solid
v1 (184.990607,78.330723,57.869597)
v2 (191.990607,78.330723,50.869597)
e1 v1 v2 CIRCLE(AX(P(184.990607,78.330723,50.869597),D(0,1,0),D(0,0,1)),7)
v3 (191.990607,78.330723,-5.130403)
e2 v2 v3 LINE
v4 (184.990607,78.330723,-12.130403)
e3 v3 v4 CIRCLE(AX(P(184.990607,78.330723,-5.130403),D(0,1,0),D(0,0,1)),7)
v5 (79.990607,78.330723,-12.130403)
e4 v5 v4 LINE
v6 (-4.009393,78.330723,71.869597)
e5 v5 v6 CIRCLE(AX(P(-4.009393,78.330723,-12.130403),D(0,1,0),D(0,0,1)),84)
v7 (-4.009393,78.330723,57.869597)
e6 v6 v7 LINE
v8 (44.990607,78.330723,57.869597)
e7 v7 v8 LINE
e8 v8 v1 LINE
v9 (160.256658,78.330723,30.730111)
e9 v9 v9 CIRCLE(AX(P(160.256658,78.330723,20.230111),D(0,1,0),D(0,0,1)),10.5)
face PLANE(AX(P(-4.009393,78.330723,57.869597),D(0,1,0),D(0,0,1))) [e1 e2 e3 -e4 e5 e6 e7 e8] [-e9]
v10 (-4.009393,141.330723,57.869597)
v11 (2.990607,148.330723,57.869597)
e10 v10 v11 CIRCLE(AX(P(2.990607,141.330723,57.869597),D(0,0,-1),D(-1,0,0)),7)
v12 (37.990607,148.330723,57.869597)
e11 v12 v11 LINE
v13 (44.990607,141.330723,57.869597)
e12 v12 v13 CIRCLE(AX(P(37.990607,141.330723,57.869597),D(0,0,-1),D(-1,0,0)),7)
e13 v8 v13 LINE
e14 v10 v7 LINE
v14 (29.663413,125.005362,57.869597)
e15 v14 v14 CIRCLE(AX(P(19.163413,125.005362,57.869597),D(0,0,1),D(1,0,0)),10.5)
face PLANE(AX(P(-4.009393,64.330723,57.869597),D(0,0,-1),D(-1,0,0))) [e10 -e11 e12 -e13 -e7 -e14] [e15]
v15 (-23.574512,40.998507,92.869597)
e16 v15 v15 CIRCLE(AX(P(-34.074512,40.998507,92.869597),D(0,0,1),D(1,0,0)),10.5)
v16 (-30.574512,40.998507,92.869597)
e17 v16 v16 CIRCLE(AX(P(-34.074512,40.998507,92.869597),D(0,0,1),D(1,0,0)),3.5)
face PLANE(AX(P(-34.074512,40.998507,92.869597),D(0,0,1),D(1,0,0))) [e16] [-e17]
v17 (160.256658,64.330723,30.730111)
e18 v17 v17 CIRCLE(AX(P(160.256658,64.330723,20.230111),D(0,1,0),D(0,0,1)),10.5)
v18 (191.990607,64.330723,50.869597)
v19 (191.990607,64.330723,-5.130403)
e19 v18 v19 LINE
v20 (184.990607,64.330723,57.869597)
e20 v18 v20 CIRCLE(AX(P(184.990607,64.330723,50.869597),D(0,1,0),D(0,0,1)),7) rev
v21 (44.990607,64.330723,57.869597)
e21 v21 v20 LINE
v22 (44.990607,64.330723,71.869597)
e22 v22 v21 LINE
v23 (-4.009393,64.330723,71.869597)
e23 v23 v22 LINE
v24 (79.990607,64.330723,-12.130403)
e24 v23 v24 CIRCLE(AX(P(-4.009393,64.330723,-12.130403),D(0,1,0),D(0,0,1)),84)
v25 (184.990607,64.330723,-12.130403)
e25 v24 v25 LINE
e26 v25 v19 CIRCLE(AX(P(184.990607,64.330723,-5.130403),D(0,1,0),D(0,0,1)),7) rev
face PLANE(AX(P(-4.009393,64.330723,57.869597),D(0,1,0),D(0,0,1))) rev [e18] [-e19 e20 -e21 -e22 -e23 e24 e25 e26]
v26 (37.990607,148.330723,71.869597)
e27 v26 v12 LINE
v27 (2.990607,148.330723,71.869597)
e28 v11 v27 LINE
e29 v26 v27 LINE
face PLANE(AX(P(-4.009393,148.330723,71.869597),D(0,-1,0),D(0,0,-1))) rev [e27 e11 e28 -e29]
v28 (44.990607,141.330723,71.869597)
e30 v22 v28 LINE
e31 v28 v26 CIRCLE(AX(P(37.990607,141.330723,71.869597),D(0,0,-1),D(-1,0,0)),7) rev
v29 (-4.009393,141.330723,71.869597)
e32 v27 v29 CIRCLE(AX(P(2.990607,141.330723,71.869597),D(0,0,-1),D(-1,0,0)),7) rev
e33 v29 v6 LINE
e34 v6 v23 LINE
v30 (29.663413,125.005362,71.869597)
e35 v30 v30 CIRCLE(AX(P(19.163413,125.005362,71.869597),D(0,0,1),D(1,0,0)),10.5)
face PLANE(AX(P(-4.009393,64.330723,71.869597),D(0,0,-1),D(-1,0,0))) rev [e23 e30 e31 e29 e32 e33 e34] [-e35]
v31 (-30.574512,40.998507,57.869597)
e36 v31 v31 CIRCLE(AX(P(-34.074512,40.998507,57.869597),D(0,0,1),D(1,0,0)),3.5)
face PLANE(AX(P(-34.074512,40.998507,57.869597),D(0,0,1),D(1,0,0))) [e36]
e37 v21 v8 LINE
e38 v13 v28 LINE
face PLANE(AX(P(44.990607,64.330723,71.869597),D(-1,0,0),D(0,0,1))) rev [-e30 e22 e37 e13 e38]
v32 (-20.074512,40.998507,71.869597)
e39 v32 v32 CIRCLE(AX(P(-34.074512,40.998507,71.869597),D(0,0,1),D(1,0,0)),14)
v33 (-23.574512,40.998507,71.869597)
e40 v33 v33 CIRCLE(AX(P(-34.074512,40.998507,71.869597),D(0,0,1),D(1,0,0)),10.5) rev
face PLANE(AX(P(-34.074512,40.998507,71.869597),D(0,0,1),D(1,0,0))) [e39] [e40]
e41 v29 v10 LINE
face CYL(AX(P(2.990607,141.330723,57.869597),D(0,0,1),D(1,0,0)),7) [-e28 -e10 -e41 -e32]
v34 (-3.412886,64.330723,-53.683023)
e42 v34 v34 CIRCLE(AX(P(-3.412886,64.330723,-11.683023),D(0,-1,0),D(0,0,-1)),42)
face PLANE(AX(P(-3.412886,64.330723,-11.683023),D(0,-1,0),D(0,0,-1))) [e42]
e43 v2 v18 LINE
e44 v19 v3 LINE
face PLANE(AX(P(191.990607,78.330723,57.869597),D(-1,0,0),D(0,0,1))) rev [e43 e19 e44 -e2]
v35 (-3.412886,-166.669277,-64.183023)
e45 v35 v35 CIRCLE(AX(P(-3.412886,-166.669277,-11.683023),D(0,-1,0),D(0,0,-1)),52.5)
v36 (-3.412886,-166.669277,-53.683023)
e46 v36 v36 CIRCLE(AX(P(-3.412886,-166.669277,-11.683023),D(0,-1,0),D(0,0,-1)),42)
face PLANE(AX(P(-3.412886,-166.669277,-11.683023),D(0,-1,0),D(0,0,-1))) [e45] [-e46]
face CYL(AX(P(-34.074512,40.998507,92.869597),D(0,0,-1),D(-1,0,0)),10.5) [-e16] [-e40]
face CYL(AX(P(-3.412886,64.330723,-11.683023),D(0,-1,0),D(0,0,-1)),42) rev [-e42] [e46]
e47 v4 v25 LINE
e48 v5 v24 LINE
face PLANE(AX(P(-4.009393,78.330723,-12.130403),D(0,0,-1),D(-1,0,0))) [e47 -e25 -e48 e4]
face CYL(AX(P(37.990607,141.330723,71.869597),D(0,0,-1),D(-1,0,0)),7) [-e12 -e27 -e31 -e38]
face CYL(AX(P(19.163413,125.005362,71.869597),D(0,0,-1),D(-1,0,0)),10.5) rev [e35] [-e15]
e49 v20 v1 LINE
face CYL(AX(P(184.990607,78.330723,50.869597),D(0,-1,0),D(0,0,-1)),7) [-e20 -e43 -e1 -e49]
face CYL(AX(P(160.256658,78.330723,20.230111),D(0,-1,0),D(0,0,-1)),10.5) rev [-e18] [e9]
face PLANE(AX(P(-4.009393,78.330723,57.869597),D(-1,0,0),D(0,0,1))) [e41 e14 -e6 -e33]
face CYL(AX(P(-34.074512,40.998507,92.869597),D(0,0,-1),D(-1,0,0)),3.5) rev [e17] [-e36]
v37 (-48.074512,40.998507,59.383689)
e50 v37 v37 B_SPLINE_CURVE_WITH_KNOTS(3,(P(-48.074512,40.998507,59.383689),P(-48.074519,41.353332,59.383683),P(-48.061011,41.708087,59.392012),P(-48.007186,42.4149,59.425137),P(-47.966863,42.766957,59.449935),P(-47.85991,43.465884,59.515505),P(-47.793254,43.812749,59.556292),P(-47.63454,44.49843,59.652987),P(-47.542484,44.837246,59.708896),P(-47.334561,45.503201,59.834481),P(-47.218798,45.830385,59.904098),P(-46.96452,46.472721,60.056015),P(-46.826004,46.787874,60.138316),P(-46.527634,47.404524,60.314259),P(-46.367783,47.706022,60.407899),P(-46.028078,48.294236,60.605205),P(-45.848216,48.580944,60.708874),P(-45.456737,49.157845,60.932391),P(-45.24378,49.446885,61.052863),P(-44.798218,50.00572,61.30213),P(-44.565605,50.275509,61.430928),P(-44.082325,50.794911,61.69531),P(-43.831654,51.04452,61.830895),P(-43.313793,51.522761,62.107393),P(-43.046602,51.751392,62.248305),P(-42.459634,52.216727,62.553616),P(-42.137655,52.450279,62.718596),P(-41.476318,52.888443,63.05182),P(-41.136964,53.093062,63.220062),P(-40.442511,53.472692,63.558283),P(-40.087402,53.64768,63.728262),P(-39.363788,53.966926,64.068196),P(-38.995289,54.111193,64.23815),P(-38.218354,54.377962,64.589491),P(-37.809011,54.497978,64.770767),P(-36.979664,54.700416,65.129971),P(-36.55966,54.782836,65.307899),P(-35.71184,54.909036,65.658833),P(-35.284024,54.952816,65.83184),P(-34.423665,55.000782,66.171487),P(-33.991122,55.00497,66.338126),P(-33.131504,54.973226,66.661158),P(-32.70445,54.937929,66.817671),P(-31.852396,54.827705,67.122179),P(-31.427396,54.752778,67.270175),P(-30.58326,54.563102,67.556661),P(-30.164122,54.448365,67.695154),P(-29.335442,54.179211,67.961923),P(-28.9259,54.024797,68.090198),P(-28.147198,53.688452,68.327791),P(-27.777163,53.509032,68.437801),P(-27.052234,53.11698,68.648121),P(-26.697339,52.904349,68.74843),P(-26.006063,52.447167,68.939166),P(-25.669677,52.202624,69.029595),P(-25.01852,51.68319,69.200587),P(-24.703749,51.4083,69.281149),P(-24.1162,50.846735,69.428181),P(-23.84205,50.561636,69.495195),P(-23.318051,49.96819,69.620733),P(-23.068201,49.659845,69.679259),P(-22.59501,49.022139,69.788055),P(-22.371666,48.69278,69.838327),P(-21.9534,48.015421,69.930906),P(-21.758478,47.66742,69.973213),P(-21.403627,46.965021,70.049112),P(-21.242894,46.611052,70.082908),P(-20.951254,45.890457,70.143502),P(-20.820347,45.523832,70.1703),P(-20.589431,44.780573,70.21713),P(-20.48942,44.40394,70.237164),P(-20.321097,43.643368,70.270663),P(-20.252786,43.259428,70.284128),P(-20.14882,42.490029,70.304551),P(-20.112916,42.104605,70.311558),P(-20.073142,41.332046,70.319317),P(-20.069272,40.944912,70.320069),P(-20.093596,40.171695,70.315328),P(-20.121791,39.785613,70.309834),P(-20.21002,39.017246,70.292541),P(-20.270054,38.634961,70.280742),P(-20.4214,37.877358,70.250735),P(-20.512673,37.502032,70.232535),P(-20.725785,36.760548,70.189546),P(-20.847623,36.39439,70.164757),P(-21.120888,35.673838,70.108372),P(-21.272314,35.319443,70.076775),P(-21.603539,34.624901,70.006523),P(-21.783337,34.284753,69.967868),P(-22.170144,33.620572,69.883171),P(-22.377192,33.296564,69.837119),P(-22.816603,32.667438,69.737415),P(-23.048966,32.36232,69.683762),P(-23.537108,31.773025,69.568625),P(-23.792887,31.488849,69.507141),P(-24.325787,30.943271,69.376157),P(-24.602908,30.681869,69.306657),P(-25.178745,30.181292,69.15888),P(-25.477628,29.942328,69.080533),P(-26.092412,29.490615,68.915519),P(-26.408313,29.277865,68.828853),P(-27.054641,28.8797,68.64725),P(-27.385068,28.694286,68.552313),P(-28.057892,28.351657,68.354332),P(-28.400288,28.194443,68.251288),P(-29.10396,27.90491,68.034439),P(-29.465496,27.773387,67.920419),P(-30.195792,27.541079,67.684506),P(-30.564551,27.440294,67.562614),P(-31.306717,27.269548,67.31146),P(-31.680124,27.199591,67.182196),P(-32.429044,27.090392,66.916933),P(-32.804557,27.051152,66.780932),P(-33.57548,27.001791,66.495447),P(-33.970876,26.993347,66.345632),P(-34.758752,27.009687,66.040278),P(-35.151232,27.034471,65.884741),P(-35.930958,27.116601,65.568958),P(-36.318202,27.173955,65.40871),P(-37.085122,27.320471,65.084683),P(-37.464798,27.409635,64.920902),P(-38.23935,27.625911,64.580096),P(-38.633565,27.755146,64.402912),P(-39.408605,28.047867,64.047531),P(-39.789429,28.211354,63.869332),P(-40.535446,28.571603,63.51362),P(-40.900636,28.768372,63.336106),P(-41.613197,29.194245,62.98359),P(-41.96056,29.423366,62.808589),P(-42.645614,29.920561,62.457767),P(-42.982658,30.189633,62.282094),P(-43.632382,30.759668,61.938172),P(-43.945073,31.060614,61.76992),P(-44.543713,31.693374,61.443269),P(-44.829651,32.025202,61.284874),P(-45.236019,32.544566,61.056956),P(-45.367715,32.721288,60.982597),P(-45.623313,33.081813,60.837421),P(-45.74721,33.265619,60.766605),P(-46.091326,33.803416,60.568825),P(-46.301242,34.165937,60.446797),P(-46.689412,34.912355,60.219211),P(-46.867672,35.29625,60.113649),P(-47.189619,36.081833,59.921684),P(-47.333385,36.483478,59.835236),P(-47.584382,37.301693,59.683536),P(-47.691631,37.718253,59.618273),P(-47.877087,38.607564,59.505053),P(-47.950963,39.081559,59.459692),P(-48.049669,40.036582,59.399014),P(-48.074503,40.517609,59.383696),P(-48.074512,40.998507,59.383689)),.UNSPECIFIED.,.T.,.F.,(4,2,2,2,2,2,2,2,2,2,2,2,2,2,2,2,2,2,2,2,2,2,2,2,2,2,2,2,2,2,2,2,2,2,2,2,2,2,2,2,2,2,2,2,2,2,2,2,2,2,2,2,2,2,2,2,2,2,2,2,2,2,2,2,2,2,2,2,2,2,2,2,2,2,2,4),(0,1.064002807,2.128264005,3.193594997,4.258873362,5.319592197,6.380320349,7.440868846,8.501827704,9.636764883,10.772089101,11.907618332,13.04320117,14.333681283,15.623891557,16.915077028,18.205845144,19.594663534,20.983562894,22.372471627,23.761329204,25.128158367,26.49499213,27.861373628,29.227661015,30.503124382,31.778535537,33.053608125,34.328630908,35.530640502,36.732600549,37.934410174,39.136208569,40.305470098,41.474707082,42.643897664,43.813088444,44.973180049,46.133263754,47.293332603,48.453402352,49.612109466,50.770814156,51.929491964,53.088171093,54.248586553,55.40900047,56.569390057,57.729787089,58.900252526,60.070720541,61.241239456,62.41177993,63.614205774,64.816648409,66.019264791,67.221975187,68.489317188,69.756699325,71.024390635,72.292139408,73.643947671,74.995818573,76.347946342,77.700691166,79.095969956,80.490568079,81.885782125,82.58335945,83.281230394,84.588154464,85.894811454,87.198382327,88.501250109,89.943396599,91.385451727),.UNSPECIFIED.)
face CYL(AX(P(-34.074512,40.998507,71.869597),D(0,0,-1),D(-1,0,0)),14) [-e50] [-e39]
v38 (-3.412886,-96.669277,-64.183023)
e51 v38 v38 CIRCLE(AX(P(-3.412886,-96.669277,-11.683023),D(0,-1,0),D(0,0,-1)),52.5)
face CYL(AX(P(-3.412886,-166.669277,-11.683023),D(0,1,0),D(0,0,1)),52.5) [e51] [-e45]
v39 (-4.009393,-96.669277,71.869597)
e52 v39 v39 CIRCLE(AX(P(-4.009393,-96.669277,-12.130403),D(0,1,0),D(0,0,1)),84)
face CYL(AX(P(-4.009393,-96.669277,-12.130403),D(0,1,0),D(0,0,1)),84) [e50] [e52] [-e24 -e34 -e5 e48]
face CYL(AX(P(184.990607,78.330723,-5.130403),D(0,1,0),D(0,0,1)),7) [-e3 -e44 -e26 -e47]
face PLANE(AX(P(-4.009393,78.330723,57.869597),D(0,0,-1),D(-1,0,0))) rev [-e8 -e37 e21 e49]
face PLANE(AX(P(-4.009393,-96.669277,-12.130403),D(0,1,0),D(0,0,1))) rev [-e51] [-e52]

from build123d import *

# Parameters (mm, degrees)
CROQUIS1_W                   = 28
CROQUIS1_H                   = 10
SALIENTE_EXTRUIR1_DEPTH      = 2
CROQUIS5_W                   = 7
CROQUIS5_H                   = 12
SALIENTE_EXTRUIR5_DEPTH      = 2
SALIENTE_EXTRUIR6_DEPTH      = 2
SALIENTE_EXTRUIR6_DEPTH_BACK = 23
CROQUIS6_R                   = 12
CROQUIS9_R                   = 7.5
SALIENTE_EXTRUIR7_DEPTH      = 10
CROQUIS10_R                  = 6
CORTAR_EXTRUIR3_DEPTH        = 33
REDONDEO2_R                  = 1
REDONDEO3_R                  = 1
REDONDEO4_R                  = 1
REDONDEO5_R                  = 1
CROQUIS12_R                  = 1.5
CORTAR_EXTRUIR4_DEPTH        = 2
CROQUIS13_R                  = 1.5
CORTAR_EXTRUIR7_DEPTH        = 2
CROQUIS16_R                  = 2
SALIENTE_EXTRUIR9_DEPTH      = 2
CROQUIS17_R                  = 1.5
SALIENTE_EXTRUIR10_DEPTH     = 5
CROQUIS18_R                  = 0.5
CORTAR_EXTRUIR8_DEPTH        = 5
ESCALA1_SCALE                = 7


with BuildPart() as part:
    # Croquis1 → Saliente-Extruir1 (new body)
    with BuildSketch(Plane(origin=(0, 0, 0), x_dir=(1, 0, 0), z_dir=(0, 1, 0))):
        with Locations((14, 5)):
            Rectangle(CROQUIS1_W, CROQUIS1_H)
    extrude(amount=SALIENTE_EXTRUIR1_DEPTH)

    # Croquis5 → Saliente-Extruir5 (add)
    with BuildSketch(Plane.XY):
        with Locations((3.5, 6)):
            Rectangle(CROQUIS5_W, CROQUIS5_H)
    extrude(amount=SALIENTE_EXTRUIR5_DEPTH)

    # Croquis6 → Saliente-Extruir6 (add, two sides: drawn at the far end of the back side and taken through both)
    with BuildSketch(Plane(origin=(0, 0, 0), x_dir=(1, 0, 0), z_dir=(0, 1, 0)).offset(-SALIENTE_EXTRUIR6_DEPTH_BACK)):
        with Locations((0, 10)):
            Circle(CROQUIS6_R)
    extrude(amount=SALIENTE_EXTRUIR6_DEPTH + SALIENTE_EXTRUIR6_DEPTH_BACK)

    # Croquis9 → Saliente-Extruir7 (add)
    with BuildSketch(Plane(origin=(0, -23, 0), x_dir=(-1, 0, 0), z_dir=(0, -1, 0))):
        with Locations((-0.08521531, 9.936088517)):
            Circle(CROQUIS9_R)
    extrude(amount=SALIENTE_EXTRUIR7_DEPTH)

    # Croquis10 → Cortar-Extruir3 (cut)
    with BuildSketch(Plane.XZ.offset(33)):
        with Locations((0.08521531, -9.936088517)):
            Circle(CROQUIS10_R)
    extrude(amount=-CORTAR_EXTRUIR3_DEPTH, mode=Mode.SUBTRACT)

    # Redondeo2
    redondeo2_edges = [part.edges().sort_by_distance(p)[0] for p in [
        (28, 1, -10),
    ]]
    fillet(redondeo2_edges, radius=REDONDEO2_R)

    # Redondeo3
    redondeo3_edges = [part.edges().sort_by_distance(p)[0] for p in [
        (28, 1, 0),
    ]]
    fillet(redondeo3_edges, radius=REDONDEO3_R)

    # Redondeo4
    redondeo4_edges = [part.edges().sort_by_distance(p)[0] for p in [
        (7, 12, 1),
    ]]
    fillet(redondeo4_edges, radius=REDONDEO4_R)

    # Redondeo5
    redondeo5_edges = [part.edges().sort_by_distance(p)[0] for p in [
        (0, 12, 1),
    ]]
    fillet(redondeo5_edges, radius=REDONDEO5_R)

    # Croquis12 → Cortar-Extruir4 (cut)
    with BuildSketch(Plane.XY):
        with Locations((3.310400977, 8.667805531)):
            Circle(CROQUIS12_R)
    extrude(amount=CORTAR_EXTRUIR4_DEPTH, mode=Mode.SUBTRACT)

    # Croquis13 → Cortar-Extruir7 (cut)
    with BuildSketch(Plane(origin=(0, 0, 0), x_dir=(1, 0, 0), z_dir=(0, 1, 0))):
        with Locations((23.466578788, 5.377069426)):
            Circle(CROQUIS13_R)
    extrude(amount=CORTAR_EXTRUIR7_DEPTH, mode=Mode.SUBTRACT)

    # Croquis16 → Saliente-Extruir9 (add)
    with BuildSketch(Plane.XY):
        with Locations((-4.295016908, -3.333173785)):
            Circle(CROQUIS16_R)
    extrude(amount=SALIENTE_EXTRUIR9_DEPTH)

    # Croquis17 → Saliente-Extruir10 (add)
    with BuildSketch(Plane.XY):
        with Locations((-4.295016908, -3.333173785)):
            Circle(CROQUIS17_R)
    extrude(amount=SALIENTE_EXTRUIR10_DEPTH)

    # Croquis18 → Cortar-Extruir8 (cut)
    with BuildSketch(Plane.XY):
        with Locations((-4.295016908, -3.333173785)):
            Circle(CROQUIS18_R)
    extrude(amount=CORTAR_EXTRUIR8_DEPTH, mode=Mode.SUBTRACT)


with BuildPart() as part_1:
    # Escala1: scaled about (0.668234769, -10.721798359, -9.644957582)
    add(part.part.scale(ESCALA1_SCALE).moved(Location((-4.009408614, 64.330790154, 57.869745492))))


solid = part_1.part
